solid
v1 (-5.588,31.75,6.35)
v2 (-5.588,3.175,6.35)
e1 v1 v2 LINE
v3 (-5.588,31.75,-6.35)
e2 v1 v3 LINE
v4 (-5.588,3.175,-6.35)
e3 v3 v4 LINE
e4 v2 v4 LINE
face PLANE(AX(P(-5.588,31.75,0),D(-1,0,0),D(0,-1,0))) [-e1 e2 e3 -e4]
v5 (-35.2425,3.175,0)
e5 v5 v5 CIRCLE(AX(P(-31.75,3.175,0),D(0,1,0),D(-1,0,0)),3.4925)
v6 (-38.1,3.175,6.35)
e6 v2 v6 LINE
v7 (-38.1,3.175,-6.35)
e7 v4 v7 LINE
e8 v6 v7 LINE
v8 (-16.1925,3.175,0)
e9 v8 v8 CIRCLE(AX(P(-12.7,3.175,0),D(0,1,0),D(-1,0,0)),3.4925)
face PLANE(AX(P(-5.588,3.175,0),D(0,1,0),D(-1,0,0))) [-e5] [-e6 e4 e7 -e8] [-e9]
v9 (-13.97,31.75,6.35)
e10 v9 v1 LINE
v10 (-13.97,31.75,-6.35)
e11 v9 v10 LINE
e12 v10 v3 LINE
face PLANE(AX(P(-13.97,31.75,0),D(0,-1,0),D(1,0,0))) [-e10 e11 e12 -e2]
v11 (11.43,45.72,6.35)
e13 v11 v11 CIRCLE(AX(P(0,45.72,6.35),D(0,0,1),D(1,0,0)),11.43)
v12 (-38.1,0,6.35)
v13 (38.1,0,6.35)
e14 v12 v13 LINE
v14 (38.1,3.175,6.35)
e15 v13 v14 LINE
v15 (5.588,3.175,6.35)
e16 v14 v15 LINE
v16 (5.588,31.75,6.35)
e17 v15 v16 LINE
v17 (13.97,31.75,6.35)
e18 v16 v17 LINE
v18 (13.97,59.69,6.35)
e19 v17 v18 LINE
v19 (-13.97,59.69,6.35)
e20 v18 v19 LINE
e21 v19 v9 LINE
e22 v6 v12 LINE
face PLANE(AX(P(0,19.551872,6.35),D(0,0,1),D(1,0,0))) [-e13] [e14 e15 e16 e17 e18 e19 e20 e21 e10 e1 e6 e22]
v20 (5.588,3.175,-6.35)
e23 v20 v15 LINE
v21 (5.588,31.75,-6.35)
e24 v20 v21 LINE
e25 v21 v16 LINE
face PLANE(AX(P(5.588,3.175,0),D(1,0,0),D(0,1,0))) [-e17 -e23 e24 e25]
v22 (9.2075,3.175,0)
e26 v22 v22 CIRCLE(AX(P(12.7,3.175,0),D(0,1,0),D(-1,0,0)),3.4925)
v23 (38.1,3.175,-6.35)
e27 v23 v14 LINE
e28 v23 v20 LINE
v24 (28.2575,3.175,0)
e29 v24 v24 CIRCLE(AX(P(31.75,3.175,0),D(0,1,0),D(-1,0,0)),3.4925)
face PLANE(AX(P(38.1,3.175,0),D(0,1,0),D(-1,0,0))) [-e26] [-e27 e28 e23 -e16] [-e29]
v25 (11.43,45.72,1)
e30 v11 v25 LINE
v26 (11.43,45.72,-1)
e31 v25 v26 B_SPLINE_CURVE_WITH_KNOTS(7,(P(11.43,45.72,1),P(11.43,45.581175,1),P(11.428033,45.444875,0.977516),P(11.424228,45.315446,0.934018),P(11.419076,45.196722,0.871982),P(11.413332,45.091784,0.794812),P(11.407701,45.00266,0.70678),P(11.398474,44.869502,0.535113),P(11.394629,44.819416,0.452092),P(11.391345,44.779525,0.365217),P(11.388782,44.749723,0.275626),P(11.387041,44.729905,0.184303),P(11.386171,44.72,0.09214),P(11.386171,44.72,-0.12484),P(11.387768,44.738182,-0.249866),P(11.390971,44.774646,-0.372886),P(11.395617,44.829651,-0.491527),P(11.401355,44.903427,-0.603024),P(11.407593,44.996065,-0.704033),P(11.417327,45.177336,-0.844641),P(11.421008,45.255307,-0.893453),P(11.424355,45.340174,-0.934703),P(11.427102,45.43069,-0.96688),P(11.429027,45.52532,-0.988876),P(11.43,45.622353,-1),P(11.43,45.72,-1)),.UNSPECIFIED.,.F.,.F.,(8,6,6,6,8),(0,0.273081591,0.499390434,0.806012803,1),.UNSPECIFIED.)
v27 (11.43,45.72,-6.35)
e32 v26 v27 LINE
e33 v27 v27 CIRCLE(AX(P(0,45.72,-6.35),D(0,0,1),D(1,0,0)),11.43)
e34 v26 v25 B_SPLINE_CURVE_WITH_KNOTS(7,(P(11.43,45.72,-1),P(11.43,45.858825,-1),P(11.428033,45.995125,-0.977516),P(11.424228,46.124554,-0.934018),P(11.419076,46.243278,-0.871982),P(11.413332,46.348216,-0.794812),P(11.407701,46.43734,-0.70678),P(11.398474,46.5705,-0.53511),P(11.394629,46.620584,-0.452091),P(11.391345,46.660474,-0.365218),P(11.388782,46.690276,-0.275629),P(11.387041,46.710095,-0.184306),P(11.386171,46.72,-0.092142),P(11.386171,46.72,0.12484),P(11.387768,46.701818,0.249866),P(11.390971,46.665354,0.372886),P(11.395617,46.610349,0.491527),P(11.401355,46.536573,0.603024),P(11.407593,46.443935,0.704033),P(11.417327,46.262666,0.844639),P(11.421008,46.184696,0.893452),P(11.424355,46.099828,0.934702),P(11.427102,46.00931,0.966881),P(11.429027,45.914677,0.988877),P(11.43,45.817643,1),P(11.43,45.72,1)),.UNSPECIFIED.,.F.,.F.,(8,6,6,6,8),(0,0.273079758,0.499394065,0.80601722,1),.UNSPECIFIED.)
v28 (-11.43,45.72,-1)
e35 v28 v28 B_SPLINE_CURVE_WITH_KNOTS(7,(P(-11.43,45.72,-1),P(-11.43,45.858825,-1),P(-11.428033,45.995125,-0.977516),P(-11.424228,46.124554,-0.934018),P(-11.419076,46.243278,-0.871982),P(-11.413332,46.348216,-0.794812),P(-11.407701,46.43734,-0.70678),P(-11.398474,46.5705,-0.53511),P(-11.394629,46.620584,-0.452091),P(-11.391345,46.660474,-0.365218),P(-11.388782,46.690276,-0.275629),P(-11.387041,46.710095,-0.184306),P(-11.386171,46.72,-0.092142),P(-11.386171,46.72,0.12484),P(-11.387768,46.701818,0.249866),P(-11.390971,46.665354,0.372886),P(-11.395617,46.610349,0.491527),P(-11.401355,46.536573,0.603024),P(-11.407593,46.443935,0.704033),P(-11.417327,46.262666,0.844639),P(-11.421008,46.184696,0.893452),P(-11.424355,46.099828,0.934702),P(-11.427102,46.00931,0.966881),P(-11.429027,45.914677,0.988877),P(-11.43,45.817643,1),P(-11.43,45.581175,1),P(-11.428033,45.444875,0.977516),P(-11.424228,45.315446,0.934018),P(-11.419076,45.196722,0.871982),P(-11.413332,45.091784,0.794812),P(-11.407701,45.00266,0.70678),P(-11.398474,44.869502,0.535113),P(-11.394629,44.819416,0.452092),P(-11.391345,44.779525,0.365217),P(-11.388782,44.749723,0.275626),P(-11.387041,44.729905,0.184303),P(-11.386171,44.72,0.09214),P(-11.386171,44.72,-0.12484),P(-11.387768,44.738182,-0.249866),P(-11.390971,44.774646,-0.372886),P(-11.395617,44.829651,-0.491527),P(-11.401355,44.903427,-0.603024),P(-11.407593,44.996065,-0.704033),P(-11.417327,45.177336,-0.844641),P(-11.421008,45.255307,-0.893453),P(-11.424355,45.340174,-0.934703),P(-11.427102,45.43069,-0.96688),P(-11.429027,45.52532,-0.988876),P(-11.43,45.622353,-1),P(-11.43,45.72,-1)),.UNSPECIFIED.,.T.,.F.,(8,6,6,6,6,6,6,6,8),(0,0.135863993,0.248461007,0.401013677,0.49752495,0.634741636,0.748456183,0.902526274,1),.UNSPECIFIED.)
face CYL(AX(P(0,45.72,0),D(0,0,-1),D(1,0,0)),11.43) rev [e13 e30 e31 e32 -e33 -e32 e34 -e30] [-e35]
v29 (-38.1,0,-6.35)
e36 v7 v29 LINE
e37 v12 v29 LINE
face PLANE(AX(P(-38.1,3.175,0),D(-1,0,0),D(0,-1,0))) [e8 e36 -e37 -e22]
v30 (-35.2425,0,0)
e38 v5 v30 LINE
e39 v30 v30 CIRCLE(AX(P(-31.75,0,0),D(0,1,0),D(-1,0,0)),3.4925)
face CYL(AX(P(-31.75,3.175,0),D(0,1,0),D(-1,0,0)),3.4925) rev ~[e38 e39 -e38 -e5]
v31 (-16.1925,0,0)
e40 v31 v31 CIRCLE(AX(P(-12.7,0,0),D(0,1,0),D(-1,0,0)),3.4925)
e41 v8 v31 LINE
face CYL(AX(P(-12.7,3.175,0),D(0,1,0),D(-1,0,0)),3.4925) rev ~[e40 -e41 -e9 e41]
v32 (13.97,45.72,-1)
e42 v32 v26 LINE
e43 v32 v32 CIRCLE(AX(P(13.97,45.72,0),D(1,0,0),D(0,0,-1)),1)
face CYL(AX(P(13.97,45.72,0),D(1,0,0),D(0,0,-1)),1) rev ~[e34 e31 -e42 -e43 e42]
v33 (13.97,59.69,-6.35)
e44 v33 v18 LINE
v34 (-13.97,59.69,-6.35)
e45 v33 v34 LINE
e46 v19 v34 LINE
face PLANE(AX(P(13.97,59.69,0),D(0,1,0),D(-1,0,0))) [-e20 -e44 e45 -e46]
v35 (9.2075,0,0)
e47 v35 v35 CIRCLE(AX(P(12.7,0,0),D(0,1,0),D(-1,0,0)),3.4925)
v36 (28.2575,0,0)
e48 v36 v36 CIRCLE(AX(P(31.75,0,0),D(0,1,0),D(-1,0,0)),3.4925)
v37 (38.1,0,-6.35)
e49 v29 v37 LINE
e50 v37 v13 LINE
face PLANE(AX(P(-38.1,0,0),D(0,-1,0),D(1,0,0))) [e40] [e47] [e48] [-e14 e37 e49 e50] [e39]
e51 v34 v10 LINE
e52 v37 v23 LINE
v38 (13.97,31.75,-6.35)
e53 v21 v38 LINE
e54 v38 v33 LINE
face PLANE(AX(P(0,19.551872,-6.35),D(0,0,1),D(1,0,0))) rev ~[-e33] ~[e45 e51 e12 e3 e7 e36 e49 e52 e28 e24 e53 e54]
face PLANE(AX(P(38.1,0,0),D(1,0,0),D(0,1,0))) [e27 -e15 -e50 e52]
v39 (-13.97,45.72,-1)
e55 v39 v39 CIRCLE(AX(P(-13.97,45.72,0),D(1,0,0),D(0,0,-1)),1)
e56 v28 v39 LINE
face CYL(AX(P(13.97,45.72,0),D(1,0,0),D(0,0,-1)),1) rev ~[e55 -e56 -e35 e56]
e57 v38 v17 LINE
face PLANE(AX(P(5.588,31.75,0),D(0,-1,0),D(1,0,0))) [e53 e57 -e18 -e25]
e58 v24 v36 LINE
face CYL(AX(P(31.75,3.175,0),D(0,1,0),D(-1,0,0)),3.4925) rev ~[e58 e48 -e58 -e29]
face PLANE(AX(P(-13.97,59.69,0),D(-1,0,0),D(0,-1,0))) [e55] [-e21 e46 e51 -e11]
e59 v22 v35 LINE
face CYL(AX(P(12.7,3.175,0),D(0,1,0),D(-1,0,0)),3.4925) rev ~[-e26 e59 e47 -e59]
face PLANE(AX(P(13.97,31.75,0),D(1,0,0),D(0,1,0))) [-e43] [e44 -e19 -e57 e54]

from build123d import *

# Parameters (mm, degrees)
SKETCH1_R           = 11.43
BOSS_EXTRUDE1_DEPTH = 6.35
SKETCH2_R           = 3.4925
CUT_EXTRUDE1_DEPTH  = 69.453471241
SKETCH3_R           = 1
CUT_EXTRUDE2_DEPTH  = 80.463850272


with BuildPart() as part:
    # Sketch1 → Boss-Extrude1 (new, symmetric)
    with BuildSketch(Plane.XY):
        Polygon((-38.1, 0), (38.1, 0), (38.1, 3.175), (5.588, 3.175), (5.588, 31.75), (13.97, 31.75), (13.97, 59.69), (-13.97, 59.69), (-13.97, 31.75), (-5.588, 31.75), (-5.588, 3.175), (-38.1, 3.175), align=None)
        with Locations((0, 45.72)):
            Circle(SKETCH1_R, mode=Mode.SUBTRACT)
    extrude(amount=BOSS_EXTRUDE1_DEPTH, both=True)

    # Sketch2 → Cut-Extrude1 (cut, through all)
    with BuildSketch(Plane(origin=(0, 3.175, 0), x_dir=(1, 0, 0), z_dir=(0, 1, 0))):
        with Locations(Location((-31.75, 0, 0), (0, 0, 180))):
            Circle(SKETCH2_R)
        with Locations(Location((31.75, 0, 0), (0, 0, 180))):
            Circle(SKETCH2_R)
        with Locations(Location((-12.7, 0, 0), (0, 0, 180))):
            Circle(SKETCH2_R)
        with Locations(Location((12.7, 0, 0), (0, 0, 180))):
            Circle(SKETCH2_R)
    extrude(amount=-CUT_EXTRUDE1_DEPTH, mode=Mode.SUBTRACT)

    # Sketch3 → Cut-Extrude2 (cut, through all)
    with BuildSketch(Plane(origin=(13.97, 0, 0), x_dir=(0, 0, -1), z_dir=(1, 0, 0))):
        with Locations((0, 45.72)):
            Circle(SKETCH3_R)
    extrude(amount=-CUT_EXTRUDE2_DEPTH, mode=Mode.SUBTRACT)


solid = part.part
